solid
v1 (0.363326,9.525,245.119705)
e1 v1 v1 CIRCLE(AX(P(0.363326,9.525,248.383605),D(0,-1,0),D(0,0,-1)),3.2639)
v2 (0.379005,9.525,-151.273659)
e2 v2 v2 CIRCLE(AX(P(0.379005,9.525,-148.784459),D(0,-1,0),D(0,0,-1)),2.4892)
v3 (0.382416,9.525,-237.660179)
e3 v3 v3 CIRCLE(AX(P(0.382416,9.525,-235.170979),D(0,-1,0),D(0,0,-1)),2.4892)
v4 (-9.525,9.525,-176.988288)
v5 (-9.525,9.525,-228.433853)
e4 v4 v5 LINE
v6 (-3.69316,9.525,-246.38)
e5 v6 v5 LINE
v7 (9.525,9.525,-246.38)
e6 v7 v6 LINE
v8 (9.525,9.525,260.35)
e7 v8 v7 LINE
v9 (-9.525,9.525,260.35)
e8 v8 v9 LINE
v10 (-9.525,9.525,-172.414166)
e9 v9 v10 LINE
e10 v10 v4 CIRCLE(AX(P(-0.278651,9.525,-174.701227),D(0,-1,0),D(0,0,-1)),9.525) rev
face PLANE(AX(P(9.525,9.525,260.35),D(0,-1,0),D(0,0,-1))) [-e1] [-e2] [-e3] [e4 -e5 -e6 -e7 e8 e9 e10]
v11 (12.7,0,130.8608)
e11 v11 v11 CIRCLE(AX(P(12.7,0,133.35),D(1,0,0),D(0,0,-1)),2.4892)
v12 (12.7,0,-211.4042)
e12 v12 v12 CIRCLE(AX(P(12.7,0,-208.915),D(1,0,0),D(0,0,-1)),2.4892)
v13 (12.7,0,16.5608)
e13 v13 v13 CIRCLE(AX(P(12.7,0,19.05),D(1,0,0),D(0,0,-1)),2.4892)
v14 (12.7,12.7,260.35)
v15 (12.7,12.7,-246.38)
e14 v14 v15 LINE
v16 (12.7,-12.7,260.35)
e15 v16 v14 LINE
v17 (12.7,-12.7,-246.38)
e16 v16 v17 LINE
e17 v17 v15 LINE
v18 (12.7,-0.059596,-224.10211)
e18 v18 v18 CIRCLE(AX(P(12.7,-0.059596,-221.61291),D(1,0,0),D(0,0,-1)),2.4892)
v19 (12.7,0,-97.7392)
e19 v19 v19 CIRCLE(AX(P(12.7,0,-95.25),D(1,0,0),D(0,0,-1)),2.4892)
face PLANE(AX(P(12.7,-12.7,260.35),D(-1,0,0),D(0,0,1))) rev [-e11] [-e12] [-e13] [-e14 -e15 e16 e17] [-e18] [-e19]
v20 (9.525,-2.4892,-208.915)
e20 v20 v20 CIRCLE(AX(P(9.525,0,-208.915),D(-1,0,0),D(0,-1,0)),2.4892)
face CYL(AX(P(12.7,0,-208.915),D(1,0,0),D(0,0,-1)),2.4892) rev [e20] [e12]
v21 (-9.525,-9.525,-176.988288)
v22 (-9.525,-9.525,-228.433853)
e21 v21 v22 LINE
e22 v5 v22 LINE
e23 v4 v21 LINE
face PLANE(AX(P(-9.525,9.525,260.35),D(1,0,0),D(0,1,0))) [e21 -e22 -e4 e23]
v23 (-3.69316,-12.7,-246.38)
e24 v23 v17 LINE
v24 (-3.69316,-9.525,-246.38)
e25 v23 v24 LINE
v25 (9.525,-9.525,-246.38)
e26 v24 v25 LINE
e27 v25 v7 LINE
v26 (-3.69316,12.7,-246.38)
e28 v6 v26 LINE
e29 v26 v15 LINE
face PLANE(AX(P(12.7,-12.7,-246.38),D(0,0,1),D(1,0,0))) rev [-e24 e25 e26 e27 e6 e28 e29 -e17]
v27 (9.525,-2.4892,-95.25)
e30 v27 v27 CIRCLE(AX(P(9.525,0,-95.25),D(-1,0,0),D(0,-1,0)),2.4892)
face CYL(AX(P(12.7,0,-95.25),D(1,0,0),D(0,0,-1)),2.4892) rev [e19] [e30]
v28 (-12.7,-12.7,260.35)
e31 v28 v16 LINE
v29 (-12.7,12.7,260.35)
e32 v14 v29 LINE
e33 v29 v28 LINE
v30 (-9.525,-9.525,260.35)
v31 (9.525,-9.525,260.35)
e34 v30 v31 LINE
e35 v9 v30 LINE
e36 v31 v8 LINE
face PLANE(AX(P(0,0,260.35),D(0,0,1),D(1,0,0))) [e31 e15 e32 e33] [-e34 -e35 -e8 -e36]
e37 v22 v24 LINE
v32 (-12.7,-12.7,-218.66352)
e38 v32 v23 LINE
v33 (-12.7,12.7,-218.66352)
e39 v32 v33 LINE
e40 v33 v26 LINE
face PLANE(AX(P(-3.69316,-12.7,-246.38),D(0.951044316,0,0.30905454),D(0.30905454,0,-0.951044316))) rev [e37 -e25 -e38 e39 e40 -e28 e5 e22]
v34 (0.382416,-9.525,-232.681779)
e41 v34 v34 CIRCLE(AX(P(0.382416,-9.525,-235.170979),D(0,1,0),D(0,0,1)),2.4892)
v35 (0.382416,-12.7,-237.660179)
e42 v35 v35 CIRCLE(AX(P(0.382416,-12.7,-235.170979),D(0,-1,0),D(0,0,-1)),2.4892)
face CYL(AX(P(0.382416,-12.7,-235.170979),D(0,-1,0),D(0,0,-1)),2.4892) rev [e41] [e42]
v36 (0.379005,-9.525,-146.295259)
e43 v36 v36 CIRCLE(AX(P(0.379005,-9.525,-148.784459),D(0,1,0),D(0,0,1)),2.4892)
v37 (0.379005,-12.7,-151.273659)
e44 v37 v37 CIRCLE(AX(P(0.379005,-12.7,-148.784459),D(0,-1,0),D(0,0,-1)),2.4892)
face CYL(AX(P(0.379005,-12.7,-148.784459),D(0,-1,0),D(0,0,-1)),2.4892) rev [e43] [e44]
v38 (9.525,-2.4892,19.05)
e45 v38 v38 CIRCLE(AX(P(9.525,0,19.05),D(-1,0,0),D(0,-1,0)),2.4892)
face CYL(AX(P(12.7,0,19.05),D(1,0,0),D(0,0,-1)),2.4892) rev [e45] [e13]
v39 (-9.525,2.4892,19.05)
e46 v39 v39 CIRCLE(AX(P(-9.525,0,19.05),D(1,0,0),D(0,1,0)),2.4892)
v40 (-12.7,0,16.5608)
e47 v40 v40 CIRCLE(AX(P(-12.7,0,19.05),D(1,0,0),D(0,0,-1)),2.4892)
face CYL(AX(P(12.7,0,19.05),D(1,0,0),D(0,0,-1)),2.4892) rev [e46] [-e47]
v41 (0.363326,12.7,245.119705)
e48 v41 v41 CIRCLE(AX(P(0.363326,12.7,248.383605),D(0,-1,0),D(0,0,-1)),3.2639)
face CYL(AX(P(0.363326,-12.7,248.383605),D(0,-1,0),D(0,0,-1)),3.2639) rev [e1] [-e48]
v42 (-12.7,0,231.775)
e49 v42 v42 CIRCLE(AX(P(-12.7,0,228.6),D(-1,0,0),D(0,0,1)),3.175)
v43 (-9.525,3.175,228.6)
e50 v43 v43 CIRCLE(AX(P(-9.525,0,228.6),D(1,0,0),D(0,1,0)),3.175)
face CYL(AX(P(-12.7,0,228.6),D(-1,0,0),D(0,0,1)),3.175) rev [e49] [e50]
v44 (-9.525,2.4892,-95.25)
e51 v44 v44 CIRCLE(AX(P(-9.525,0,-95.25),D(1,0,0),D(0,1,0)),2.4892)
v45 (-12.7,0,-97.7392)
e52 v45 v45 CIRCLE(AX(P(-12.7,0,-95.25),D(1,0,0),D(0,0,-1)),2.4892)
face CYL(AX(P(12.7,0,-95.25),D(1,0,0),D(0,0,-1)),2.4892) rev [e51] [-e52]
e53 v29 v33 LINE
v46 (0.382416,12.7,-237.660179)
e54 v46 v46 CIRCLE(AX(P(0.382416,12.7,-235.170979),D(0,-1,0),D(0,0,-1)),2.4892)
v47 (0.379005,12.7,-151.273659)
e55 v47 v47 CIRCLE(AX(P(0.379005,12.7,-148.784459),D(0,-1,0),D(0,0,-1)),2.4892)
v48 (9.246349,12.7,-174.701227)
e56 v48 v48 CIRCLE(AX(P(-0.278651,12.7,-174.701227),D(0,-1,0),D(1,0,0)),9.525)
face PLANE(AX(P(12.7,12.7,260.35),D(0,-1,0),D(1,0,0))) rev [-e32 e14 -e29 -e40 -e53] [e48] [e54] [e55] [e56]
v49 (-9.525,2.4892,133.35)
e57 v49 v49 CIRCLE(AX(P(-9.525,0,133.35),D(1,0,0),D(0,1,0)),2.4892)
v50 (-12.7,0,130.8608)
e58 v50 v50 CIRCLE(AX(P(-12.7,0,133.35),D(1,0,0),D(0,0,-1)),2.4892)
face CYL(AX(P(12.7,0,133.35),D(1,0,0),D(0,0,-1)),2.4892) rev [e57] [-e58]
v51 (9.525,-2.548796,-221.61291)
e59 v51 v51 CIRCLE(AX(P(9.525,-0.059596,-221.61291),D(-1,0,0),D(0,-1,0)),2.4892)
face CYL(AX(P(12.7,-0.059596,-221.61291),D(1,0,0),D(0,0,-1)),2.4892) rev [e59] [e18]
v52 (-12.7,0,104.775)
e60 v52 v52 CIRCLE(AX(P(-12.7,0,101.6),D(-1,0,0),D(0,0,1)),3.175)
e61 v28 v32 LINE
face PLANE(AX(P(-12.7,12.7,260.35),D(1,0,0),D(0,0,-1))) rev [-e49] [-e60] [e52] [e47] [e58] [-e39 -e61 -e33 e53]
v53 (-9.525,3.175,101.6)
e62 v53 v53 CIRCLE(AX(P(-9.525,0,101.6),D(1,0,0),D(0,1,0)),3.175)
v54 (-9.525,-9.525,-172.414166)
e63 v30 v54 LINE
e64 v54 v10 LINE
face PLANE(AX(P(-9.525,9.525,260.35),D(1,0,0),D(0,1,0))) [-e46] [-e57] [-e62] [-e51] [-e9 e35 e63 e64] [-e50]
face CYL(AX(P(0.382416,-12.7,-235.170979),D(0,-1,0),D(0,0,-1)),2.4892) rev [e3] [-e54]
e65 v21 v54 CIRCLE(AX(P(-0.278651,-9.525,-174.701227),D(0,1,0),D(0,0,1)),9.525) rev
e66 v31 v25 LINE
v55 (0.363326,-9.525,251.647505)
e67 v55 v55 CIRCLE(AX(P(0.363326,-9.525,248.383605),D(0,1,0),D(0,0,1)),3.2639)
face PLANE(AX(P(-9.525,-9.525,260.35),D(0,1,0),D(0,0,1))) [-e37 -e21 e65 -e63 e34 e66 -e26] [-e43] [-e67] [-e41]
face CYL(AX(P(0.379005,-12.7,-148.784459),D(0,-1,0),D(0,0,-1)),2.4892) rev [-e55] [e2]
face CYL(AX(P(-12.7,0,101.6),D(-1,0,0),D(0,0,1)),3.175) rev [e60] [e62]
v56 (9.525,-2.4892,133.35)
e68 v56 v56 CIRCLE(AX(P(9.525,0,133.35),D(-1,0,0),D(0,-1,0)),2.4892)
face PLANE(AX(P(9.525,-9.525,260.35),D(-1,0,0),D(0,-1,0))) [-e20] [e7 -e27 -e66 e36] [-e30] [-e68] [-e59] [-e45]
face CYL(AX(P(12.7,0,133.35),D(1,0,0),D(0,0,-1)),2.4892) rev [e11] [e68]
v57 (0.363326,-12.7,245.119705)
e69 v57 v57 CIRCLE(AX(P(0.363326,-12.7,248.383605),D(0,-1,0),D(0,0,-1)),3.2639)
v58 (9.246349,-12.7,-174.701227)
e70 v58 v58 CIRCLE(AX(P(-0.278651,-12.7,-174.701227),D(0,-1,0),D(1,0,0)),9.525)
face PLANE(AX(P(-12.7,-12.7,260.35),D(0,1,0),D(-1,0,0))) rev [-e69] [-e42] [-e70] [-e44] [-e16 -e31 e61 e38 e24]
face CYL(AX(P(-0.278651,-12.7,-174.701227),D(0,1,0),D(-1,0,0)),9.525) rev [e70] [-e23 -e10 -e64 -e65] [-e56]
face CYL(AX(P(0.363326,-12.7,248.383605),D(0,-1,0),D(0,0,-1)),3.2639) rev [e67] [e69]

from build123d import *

# Parameters (mm, degrees)
BOSS_EXTRUDE1_DEPTH             = 260.35
BOSS_EXTRUDE1_DEPTH_BACK        = 260.35
SKETCH3_W                       = 25.4
SKETCH3_H                       = 25.4
SKETCH3_W_2                     = 19.05
SKETCH3_H_2                     = 19.05
CUT_EXTRUDE1_DEPTH              = 25.4
SKETCH5_R                       = 9.525
CUT_EXTRUDE2_DEPTH              = 262.894200967
F_10_CLEARANCE_HOLE2_D          = 4.9784
F_1_4_CLEARANCE_HOLE1_D         = 6.5278
F_10_CLEARANCE_HOLE3_D          = 4.9784
F_10_CLEARANCE_HOLE3_DEPTH      = 5.08
F_10_CLEARANCE_HOLE3_TIP        = 1.495662253
F_10_CLEARANCE_HOLE4_D          = 4.9784
F_1_4_0_25_DIAMETER_HOLE1_D     = 6.35
F_1_4_0_25_DIAMETER_HOLE1_DEPTH = 5.08
F_1_4_0_25_DIAMETER_HOLE1_TIP   = 1.907732465


with BuildPart() as part:
    # Sketch3 → Boss-Extrude1 (new, two sides: drawn at the far end of the back side and taken through both)
    with BuildSketch(Plane.XY.offset(-BOSS_EXTRUDE1_DEPTH_BACK)):
        Rectangle(SKETCH3_W, SKETCH3_H)
        Rectangle(SKETCH3_W_2, SKETCH3_H_2, mode=Mode.SUBTRACT)
    extrude(amount=BOSS_EXTRUDE1_DEPTH + BOSS_EXTRUDE1_DEPTH_BACK)

    # Sketch4 → Cut-Extrude1 (cut)
    with BuildSketch(Plane(origin=(0, 12.7, 0), x_dir=(1, 0, 0), z_dir=(0, 1, 0))):
        Polygon((-12.7, 218.66352), (-12.7, 260.35), (12.7, 260.35), (12.7, 246.38), (-3.69316, 246.38), align=None)
    extrude(amount=-CUT_EXTRUDE1_DEPTH, mode=Mode.SUBTRACT)

    # Sketch5 → Cut-Extrude2 (cut, through all)
    with BuildSketch(Plane.XZ.offset(-12.7)):
        with Locations((-0.278650599, -174.701227009)):
            Circle(SKETCH5_R)
    extrude(amount=CUT_EXTRUDE2_DEPTH, mode=Mode.SUBTRACT)

    # #10 Clearance Hole2 (through all)
    with Locations(Plane(origin=(0, -12.7, 0), x_dir=(-1, 0, 0), z_dir=(0, -1, 0))):
        with Locations((-0.379005456, 148.784459399), (-0.382415863, 235.170979471)):
            Hole(F_10_CLEARANCE_HOLE2_D / 2)

    # 1/4 Clearance Hole1 (through all)
    with Locations(Plane(origin=(0, -12.7, 0), x_dir=(-1, 0, 0), z_dir=(0, -1, 0))):
        with Locations((-0.363325871, -248.383604688)):
            Hole(F_1_4_CLEARANCE_HOLE1_D / 2)

    # #10 Clearance Hole3
    with Locations(Plane(origin=(12.7, 0, 0), x_dir=(0, 0, -1), z_dir=(1, 0, 0))):
        with Locations((221.61290974, -0.059596136), (208.915, 0)):
            Hole(F_10_CLEARANCE_HOLE3_D / 2, depth=F_10_CLEARANCE_HOLE3_DEPTH)
            with Locations((0, 0, -(F_10_CLEARANCE_HOLE3_DEPTH + F_10_CLEARANCE_HOLE3_TIP / 2))):  # 118° drill point
                Cone(0, F_10_CLEARANCE_HOLE3_D / 2, F_10_CLEARANCE_HOLE3_TIP, mode=Mode.SUBTRACT)

    # #10 Clearance Hole4 (through all)
    with Locations(Plane(origin=(12.7, 0, 0), x_dir=(0, 0, -1), z_dir=(1, 0, 0))):
        with Locations((-133.35, 0), (-19.05, 0), (95.25, 0)):
            Hole(F_10_CLEARANCE_HOLE4_D / 2)

    # 1/4 (0.25) Diameter Hole1
    with Locations(Plane.ZY.offset(12.7)):
        with Locations((101.6, 0), (228.6, 0)):
            Hole(F_1_4_0_25_DIAMETER_HOLE1_D / 2, depth=F_1_4_0_25_DIAMETER_HOLE1_DEPTH)
            with Locations((0, 0, -(F_1_4_0_25_DIAMETER_HOLE1_DEPTH + F_1_4_0_25_DIAMETER_HOLE1_TIP / 2))):  # 118° drill point
                Cone(0, F_1_4_0_25_DIAMETER_HOLE1_D / 2, F_1_4_0_25_DIAMETER_HOLE1_TIP, mode=Mode.SUBTRACT)


solid = part.part
